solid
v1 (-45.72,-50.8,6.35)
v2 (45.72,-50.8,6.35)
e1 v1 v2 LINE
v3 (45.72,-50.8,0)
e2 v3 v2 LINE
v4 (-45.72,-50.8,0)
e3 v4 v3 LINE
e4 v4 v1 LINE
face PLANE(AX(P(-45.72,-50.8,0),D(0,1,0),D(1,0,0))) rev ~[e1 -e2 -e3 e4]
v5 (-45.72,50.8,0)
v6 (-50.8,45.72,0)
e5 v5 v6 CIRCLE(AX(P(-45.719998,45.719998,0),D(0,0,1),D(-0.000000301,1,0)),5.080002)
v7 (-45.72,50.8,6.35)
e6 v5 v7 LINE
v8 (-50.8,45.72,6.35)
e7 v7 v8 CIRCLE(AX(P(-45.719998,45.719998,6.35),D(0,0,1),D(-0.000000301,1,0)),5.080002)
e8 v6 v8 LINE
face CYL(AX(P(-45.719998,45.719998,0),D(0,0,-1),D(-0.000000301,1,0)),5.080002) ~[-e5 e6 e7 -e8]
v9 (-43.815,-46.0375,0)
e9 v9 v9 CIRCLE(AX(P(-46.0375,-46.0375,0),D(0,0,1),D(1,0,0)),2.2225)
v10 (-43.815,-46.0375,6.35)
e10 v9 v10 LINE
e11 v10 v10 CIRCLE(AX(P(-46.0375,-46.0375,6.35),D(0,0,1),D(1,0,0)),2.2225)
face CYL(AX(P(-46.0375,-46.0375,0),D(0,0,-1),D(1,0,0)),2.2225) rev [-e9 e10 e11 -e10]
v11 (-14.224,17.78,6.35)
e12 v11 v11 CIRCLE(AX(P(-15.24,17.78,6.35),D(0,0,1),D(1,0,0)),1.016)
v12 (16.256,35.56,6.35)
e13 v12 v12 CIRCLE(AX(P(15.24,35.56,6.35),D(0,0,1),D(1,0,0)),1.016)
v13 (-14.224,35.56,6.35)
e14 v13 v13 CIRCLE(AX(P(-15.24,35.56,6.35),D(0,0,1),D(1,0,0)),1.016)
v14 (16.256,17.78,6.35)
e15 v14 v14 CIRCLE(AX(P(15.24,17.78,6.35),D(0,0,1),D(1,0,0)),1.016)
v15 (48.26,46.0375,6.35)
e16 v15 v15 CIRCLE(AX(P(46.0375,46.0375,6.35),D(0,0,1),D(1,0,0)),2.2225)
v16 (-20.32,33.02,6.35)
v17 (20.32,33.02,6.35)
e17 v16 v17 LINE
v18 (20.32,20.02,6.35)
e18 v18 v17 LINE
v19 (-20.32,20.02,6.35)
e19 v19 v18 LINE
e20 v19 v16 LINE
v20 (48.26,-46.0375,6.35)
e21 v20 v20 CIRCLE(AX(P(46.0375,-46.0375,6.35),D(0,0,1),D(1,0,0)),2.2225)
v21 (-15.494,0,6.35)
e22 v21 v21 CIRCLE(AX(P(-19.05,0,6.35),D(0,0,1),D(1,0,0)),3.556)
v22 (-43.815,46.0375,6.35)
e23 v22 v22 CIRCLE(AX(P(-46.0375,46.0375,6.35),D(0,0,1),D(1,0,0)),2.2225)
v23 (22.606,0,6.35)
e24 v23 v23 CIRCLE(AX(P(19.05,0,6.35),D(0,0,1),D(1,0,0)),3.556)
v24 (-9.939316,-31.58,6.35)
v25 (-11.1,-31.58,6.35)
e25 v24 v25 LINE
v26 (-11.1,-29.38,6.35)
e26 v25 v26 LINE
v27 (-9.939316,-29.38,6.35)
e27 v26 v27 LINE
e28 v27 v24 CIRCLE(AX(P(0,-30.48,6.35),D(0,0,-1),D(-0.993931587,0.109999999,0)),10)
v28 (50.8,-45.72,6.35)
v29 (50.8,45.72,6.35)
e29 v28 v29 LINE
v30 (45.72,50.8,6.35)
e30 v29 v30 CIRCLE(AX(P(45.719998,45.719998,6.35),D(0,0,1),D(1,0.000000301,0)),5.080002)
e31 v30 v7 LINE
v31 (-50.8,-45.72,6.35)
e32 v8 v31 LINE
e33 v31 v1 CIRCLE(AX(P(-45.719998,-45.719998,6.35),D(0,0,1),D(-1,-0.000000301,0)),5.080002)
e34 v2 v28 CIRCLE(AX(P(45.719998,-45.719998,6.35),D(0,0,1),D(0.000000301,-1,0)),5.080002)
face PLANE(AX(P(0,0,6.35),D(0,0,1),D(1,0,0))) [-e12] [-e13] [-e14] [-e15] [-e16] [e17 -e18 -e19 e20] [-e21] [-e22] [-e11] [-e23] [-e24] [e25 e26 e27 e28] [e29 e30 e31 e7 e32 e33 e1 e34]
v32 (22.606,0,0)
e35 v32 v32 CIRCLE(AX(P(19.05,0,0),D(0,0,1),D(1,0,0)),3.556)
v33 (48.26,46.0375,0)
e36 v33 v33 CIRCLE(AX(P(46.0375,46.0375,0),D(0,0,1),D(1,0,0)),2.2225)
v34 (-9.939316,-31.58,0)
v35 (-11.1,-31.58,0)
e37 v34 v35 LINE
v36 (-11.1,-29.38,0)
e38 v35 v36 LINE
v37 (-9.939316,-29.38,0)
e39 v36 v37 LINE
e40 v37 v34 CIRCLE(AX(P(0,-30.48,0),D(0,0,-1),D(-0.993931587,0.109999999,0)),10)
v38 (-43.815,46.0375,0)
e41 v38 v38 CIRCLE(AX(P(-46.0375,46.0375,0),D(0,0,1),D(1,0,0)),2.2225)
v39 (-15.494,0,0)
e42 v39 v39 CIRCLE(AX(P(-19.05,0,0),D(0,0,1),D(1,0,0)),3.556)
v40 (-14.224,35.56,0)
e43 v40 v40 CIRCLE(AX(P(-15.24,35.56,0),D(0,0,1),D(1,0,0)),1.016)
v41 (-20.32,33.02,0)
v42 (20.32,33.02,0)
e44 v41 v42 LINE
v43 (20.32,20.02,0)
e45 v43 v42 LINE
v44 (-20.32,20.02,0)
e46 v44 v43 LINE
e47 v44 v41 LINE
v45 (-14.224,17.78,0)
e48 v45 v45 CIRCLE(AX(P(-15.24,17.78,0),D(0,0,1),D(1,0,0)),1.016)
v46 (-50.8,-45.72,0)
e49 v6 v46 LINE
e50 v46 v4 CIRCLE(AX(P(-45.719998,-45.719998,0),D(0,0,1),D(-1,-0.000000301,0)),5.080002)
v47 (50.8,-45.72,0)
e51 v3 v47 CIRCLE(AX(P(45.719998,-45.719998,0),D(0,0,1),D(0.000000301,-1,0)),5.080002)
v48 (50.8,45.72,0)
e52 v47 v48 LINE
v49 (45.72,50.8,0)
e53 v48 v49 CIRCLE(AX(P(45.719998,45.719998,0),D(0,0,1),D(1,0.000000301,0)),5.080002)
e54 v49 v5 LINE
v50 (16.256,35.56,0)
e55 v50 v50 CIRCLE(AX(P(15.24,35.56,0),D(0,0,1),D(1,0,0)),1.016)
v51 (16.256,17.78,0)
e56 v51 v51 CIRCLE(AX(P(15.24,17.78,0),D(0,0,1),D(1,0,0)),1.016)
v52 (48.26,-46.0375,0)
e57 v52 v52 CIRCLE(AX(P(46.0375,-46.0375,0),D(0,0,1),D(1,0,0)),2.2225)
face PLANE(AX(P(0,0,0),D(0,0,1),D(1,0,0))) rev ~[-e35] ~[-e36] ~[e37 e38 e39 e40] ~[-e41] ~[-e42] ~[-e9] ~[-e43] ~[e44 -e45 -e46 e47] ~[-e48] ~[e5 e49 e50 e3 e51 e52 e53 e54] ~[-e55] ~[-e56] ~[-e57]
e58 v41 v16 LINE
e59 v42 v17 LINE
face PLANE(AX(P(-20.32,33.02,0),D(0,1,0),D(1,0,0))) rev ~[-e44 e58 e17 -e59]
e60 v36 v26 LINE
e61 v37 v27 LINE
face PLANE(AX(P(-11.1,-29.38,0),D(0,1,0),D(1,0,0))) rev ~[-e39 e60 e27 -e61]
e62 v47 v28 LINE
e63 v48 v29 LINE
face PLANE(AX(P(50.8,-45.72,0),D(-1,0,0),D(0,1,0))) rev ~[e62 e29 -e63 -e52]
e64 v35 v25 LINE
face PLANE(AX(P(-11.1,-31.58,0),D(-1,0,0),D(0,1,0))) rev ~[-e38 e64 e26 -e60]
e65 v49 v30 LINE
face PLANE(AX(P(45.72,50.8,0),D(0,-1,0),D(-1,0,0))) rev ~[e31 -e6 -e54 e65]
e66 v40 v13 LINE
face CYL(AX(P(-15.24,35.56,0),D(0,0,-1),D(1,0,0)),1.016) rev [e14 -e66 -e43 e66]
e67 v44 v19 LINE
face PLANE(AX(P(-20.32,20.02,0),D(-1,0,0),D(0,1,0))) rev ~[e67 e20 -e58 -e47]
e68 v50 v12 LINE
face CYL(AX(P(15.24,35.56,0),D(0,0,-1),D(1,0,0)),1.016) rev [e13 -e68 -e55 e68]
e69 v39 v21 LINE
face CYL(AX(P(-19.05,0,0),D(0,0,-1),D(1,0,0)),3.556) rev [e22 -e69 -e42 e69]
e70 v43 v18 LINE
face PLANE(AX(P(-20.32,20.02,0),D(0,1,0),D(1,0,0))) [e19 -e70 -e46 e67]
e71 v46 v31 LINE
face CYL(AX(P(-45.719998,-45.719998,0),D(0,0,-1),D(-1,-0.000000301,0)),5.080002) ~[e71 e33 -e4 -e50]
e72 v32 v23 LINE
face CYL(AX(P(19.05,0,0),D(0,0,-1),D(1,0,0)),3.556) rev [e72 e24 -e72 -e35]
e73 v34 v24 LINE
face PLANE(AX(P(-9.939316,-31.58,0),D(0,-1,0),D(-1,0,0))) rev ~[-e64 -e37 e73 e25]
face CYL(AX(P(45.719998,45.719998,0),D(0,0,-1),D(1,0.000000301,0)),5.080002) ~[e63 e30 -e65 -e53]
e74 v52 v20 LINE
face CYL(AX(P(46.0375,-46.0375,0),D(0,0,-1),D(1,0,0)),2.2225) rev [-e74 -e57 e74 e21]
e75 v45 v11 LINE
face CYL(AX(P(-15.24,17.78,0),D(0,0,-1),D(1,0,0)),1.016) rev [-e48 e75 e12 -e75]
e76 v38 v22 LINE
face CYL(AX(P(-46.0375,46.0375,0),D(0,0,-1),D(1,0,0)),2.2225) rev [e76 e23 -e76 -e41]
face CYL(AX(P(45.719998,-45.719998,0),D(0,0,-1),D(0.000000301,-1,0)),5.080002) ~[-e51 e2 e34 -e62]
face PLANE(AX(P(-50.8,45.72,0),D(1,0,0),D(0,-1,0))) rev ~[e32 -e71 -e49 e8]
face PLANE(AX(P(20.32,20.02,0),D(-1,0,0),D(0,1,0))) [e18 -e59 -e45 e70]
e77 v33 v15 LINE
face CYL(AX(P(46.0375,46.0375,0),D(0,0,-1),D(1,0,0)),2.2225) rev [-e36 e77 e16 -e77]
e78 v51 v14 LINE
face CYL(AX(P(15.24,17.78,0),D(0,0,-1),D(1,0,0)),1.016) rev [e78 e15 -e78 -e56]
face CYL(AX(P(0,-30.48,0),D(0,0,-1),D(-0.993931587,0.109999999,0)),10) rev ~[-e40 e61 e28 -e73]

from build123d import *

# Parameters (mm, degrees)
F0_R     = 2.2225
F0_R_2   = 3.556
F0_R_3   = 1.016
F0_W     = 40.64
F0_H     = 13
F1_DEPTH = 6.35


with BuildPart() as f1:
    # F0 (on Top) → F1 (new body)
    with BuildSketch(Plane.XY):
        with BuildLine():
            Line((45.72, 50.8), (-45.72, 50.8))
            ThreePointArc((-45.72, 50.8), (-49.312102, 49.312102), (-50.8, 45.72))
            Line((-50.8, 45.72), (-50.8, -45.72))
            ThreePointArc((-50.8, -45.72), (-49.312102, -49.312102), (-45.72, -50.8))
            Line((-45.72, -50.8), (45.72, -50.8))
            ThreePointArc((45.72, -50.8), (49.312102, -49.312102), (50.8, -45.72))
            Line((50.8, -45.72), (50.8, 45.72))
            ThreePointArc((50.8, 45.72), (49.312102, 49.312102), (45.72, 50.8))
        make_face()
        with Locations((-46.0375, -46.0375)):
            Circle(F0_R, mode=Mode.SUBTRACT)
        with BuildLine():
            ThreePointArc((-9.939316, -29.38), (10, -30.48), (-9.939316, -31.58))
            Line((-9.939316, -31.58), (-11.1, -31.58))
            Line((-11.1, -31.58), (-11.1, -30.48))
            Line((-11.1, -30.48), (-11.1, -29.38))
            Line((-11.1, -29.38), (-9.939316, -29.38))
        make_face(mode=Mode.SUBTRACT)
        with Locations((-19.05, 0)):
            Circle(F0_R_2, mode=Mode.SUBTRACT)
        with Locations((46.0375, -46.0375)):
            Circle(F0_R, mode=Mode.SUBTRACT)
        with Locations((19.05, 0)):
            Circle(F0_R_2, mode=Mode.SUBTRACT)
        with Locations((-15.24, 17.78)):
            Circle(F0_R_3, mode=Mode.SUBTRACT)
        with Locations((-46.0375, 46.0375)):
            Circle(F0_R, mode=Mode.SUBTRACT)
        with Locations((-15.24, 35.56)):
            Circle(F0_R_3, mode=Mode.SUBTRACT)
        with Locations((0, 26.52)):
            Rectangle(F0_W, F0_H, mode=Mode.SUBTRACT)
        with Locations((15.24, 17.78)):
            Circle(F0_R_3, mode=Mode.SUBTRACT)
        with Locations((15.24, 35.56)):
            Circle(F0_R_3, mode=Mode.SUBTRACT)
        with Locations((46.0375, 46.0375)):
            Circle(F0_R, mode=Mode.SUBTRACT)
    extrude(amount=F1_DEPTH)


solid = f1.part
